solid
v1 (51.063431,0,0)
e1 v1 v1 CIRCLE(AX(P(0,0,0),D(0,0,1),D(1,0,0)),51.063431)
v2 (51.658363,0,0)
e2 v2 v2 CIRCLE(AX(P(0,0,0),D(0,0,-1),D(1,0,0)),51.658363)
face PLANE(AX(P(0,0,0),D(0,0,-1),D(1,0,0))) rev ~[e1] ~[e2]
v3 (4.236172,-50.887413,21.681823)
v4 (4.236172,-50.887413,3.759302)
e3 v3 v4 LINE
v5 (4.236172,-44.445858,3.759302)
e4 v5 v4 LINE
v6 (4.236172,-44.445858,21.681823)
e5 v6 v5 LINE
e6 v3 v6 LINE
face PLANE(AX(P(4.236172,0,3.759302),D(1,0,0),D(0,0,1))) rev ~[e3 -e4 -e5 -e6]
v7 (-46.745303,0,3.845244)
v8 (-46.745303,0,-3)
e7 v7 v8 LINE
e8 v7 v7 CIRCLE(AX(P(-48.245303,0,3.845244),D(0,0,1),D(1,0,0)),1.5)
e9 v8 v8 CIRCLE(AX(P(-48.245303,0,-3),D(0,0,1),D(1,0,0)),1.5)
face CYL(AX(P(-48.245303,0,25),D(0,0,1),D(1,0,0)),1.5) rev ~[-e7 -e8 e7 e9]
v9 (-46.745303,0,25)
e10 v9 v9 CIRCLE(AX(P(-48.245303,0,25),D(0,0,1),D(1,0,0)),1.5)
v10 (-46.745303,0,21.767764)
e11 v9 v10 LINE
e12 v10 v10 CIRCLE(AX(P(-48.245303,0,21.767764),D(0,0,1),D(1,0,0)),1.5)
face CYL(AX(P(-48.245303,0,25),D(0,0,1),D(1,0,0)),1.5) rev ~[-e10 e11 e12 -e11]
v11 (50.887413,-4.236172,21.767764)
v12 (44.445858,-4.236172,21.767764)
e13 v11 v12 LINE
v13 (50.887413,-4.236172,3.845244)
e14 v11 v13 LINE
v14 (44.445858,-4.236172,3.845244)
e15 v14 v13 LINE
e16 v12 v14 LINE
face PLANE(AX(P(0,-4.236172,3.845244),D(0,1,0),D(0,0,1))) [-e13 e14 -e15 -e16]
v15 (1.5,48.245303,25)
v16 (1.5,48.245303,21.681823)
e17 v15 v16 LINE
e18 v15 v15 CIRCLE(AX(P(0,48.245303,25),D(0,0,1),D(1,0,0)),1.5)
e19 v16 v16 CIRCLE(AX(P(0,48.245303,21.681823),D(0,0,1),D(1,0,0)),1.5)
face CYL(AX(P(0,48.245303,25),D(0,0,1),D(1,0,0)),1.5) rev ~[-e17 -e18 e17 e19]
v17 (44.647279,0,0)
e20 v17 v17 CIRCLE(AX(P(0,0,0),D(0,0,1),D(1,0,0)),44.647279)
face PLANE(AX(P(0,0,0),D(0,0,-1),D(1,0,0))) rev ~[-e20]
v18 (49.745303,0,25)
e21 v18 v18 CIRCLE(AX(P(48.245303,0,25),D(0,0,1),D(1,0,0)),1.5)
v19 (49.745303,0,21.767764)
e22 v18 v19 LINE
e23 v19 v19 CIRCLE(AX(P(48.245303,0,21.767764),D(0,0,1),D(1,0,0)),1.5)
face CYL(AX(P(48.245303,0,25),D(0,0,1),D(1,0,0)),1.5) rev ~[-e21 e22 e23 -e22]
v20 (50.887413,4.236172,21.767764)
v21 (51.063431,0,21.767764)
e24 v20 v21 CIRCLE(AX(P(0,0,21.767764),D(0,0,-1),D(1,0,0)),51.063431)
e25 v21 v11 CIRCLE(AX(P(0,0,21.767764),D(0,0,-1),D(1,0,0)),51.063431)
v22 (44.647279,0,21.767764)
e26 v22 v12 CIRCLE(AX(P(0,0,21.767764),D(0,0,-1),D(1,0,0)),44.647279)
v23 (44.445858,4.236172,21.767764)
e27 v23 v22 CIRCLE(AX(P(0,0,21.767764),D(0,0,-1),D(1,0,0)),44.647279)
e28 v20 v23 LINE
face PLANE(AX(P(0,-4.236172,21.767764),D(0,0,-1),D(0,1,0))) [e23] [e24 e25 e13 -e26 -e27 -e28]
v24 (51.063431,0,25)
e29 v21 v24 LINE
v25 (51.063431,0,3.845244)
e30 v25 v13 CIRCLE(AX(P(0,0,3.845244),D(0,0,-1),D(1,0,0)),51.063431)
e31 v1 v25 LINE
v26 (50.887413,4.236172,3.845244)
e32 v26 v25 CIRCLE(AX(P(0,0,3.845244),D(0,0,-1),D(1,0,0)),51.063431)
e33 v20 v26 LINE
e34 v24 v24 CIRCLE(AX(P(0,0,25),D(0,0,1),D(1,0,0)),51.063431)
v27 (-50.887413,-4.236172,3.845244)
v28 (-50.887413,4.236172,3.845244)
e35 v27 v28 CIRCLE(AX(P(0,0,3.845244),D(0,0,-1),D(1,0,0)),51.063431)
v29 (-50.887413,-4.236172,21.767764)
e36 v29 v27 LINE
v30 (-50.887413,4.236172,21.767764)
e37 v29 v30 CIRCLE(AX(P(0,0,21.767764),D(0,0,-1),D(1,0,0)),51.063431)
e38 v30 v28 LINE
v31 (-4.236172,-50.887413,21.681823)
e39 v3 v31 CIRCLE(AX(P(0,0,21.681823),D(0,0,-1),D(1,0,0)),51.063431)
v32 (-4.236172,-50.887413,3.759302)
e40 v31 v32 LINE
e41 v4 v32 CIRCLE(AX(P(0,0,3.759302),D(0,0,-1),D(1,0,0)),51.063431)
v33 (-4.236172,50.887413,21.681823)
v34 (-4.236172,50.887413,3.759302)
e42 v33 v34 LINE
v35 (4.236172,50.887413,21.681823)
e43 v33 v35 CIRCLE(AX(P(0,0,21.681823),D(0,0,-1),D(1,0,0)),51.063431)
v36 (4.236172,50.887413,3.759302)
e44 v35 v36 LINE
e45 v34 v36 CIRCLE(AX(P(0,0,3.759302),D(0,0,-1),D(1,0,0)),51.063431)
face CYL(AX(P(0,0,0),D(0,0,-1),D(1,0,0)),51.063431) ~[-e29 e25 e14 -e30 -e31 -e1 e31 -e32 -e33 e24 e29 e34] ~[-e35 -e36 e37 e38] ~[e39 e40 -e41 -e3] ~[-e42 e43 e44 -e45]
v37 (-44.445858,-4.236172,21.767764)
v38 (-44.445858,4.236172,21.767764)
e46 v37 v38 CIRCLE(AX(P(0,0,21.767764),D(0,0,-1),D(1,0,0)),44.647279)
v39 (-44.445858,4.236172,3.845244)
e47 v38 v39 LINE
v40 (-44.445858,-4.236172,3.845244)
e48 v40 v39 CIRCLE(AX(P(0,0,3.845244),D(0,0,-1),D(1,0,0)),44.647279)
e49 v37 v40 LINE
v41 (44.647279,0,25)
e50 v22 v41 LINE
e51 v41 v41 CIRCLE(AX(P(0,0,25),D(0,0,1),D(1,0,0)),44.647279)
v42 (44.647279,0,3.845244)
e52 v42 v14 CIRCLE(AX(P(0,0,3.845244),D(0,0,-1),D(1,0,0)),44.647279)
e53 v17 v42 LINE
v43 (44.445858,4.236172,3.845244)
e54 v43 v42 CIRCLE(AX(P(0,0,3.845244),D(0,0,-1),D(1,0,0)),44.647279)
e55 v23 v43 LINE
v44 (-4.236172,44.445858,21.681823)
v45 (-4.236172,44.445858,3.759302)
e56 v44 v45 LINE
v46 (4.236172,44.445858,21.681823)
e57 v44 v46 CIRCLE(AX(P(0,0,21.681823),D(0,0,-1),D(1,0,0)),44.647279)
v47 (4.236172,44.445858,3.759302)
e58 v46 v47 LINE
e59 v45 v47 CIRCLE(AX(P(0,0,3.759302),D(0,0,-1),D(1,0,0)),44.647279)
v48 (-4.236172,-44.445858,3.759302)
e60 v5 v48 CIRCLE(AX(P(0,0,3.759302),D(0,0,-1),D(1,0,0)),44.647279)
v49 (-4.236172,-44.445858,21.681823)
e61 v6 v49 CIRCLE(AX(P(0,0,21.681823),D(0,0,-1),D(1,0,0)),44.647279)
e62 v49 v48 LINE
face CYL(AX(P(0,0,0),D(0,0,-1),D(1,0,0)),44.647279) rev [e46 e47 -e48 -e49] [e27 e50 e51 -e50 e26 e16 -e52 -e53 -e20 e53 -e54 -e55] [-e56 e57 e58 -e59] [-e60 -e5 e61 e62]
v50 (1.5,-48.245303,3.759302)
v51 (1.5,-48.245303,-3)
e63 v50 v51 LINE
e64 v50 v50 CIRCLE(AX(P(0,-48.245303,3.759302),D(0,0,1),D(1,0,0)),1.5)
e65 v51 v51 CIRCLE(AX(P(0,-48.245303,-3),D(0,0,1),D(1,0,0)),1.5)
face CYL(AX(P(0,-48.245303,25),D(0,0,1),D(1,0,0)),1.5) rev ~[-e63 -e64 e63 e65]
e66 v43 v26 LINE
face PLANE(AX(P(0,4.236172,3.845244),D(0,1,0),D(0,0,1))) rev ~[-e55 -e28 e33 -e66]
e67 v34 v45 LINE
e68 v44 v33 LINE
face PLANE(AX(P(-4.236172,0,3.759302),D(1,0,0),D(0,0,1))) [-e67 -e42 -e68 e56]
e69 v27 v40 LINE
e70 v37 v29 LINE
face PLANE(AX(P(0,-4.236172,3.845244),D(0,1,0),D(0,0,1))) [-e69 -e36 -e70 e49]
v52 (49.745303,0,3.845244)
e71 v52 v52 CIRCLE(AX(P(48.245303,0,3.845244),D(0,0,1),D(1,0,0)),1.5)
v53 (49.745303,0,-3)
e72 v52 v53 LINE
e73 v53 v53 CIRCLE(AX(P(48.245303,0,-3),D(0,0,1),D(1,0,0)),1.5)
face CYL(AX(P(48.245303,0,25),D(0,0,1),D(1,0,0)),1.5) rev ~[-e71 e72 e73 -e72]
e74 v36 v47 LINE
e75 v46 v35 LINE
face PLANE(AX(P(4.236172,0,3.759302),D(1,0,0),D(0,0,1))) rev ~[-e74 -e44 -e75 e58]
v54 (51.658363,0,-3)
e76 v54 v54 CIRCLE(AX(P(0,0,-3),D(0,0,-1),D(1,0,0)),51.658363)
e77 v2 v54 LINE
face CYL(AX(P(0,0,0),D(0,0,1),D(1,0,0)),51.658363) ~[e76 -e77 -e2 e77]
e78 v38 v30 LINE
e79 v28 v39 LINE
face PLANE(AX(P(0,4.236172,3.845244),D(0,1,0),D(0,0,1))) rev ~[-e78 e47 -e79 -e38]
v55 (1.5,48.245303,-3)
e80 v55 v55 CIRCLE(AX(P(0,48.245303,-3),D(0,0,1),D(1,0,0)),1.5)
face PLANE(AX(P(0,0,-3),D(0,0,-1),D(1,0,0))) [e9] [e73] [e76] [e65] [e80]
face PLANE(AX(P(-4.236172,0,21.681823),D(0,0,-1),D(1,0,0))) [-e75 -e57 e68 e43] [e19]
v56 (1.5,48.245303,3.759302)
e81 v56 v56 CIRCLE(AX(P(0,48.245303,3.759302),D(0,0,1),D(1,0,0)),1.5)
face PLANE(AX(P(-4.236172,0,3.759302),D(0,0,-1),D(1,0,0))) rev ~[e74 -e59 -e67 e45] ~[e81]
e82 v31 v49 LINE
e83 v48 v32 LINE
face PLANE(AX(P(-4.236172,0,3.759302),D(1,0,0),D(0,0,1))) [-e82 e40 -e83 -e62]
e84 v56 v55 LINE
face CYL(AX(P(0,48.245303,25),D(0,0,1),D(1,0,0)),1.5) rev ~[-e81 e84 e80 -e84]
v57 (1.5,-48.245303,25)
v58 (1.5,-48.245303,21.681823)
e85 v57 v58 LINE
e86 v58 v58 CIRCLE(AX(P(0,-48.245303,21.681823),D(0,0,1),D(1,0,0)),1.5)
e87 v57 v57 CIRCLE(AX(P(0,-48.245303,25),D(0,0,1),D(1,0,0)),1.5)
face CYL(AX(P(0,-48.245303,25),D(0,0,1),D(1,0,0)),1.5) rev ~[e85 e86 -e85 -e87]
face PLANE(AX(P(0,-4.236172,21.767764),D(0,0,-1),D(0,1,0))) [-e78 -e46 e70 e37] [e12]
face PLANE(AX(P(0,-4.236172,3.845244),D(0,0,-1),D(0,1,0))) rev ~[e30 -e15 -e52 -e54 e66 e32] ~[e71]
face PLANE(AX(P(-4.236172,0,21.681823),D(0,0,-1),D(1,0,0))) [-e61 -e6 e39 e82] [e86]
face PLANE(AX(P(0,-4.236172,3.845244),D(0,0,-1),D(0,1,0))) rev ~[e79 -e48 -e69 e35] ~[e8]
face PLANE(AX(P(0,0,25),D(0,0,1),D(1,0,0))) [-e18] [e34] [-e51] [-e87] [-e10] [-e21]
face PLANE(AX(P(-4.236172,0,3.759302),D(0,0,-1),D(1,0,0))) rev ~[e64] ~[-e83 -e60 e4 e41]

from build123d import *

# Parameters (mm, degrees)
F0_R     = 51.0634311227
F0_R_2   = 44.6472785168
F1_DEPTH = 25
F2_R     = 51.658363485
F3_DEPTH = 3
F4_W     = 8.4723439068
F4_H     = 17.9225206375
F5_DEPTH = 87.2
F6_W     = 8.4723439068
F6_H     = 17.9225206375
F7_DEPTH = 61.9
F8_R     = 1.5
F9_DEPTH = 28.001


with BuildPart() as f1:
    # F0 (on Top) → F1 (new body)
    with BuildSketch(Plane.XY):
        Circle(F0_R)
        Circle(F0_R_2, mode=Mode.SUBTRACT)
    extrude(amount=F1_DEPTH)

    # F2 (on face) → F3 (join)
    with BuildSketch(Plane(origin=(0, 0, 0), x_dir=(1, 0, 0), z_dir=(0, 0, -1))):
        Circle(F2_R)
    extrude(amount=F3_DEPTH)

    # F4 (on Front) → F5 (cut, symmetric)
    with BuildSketch(Plane.XZ):
        with Locations((0, 12.7205625176)):
            Rectangle(F4_W, F4_H)
    extrude(amount=F5_DEPTH, both=True, mode=Mode.SUBTRACT)

    # F6 (on Right) → F7 (cut, symmetric)
    with BuildSketch(Plane.YZ):
        with Locations((0, 12.8065040335)):
            Rectangle(F6_W, F6_H)
    extrude(amount=F7_DEPTH, both=True, mode=Mode.SUBTRACT)

    # F8 (on face) → F9 (cut, through all)
    with BuildSketch(Plane.XY.offset(25)):
        with Locations((0, 48.2453033328)):
            Circle(F8_R)
        with Locations((0, -48.2453033328)):
            Circle(F8_R)
        with Locations((-48.2453033328, 0)):
            Circle(F8_R)
        with Locations((48.2453033328, 0)):
            Circle(F8_R)
    extrude(amount=-F9_DEPTH, mode=Mode.SUBTRACT)


solid = f1.part
